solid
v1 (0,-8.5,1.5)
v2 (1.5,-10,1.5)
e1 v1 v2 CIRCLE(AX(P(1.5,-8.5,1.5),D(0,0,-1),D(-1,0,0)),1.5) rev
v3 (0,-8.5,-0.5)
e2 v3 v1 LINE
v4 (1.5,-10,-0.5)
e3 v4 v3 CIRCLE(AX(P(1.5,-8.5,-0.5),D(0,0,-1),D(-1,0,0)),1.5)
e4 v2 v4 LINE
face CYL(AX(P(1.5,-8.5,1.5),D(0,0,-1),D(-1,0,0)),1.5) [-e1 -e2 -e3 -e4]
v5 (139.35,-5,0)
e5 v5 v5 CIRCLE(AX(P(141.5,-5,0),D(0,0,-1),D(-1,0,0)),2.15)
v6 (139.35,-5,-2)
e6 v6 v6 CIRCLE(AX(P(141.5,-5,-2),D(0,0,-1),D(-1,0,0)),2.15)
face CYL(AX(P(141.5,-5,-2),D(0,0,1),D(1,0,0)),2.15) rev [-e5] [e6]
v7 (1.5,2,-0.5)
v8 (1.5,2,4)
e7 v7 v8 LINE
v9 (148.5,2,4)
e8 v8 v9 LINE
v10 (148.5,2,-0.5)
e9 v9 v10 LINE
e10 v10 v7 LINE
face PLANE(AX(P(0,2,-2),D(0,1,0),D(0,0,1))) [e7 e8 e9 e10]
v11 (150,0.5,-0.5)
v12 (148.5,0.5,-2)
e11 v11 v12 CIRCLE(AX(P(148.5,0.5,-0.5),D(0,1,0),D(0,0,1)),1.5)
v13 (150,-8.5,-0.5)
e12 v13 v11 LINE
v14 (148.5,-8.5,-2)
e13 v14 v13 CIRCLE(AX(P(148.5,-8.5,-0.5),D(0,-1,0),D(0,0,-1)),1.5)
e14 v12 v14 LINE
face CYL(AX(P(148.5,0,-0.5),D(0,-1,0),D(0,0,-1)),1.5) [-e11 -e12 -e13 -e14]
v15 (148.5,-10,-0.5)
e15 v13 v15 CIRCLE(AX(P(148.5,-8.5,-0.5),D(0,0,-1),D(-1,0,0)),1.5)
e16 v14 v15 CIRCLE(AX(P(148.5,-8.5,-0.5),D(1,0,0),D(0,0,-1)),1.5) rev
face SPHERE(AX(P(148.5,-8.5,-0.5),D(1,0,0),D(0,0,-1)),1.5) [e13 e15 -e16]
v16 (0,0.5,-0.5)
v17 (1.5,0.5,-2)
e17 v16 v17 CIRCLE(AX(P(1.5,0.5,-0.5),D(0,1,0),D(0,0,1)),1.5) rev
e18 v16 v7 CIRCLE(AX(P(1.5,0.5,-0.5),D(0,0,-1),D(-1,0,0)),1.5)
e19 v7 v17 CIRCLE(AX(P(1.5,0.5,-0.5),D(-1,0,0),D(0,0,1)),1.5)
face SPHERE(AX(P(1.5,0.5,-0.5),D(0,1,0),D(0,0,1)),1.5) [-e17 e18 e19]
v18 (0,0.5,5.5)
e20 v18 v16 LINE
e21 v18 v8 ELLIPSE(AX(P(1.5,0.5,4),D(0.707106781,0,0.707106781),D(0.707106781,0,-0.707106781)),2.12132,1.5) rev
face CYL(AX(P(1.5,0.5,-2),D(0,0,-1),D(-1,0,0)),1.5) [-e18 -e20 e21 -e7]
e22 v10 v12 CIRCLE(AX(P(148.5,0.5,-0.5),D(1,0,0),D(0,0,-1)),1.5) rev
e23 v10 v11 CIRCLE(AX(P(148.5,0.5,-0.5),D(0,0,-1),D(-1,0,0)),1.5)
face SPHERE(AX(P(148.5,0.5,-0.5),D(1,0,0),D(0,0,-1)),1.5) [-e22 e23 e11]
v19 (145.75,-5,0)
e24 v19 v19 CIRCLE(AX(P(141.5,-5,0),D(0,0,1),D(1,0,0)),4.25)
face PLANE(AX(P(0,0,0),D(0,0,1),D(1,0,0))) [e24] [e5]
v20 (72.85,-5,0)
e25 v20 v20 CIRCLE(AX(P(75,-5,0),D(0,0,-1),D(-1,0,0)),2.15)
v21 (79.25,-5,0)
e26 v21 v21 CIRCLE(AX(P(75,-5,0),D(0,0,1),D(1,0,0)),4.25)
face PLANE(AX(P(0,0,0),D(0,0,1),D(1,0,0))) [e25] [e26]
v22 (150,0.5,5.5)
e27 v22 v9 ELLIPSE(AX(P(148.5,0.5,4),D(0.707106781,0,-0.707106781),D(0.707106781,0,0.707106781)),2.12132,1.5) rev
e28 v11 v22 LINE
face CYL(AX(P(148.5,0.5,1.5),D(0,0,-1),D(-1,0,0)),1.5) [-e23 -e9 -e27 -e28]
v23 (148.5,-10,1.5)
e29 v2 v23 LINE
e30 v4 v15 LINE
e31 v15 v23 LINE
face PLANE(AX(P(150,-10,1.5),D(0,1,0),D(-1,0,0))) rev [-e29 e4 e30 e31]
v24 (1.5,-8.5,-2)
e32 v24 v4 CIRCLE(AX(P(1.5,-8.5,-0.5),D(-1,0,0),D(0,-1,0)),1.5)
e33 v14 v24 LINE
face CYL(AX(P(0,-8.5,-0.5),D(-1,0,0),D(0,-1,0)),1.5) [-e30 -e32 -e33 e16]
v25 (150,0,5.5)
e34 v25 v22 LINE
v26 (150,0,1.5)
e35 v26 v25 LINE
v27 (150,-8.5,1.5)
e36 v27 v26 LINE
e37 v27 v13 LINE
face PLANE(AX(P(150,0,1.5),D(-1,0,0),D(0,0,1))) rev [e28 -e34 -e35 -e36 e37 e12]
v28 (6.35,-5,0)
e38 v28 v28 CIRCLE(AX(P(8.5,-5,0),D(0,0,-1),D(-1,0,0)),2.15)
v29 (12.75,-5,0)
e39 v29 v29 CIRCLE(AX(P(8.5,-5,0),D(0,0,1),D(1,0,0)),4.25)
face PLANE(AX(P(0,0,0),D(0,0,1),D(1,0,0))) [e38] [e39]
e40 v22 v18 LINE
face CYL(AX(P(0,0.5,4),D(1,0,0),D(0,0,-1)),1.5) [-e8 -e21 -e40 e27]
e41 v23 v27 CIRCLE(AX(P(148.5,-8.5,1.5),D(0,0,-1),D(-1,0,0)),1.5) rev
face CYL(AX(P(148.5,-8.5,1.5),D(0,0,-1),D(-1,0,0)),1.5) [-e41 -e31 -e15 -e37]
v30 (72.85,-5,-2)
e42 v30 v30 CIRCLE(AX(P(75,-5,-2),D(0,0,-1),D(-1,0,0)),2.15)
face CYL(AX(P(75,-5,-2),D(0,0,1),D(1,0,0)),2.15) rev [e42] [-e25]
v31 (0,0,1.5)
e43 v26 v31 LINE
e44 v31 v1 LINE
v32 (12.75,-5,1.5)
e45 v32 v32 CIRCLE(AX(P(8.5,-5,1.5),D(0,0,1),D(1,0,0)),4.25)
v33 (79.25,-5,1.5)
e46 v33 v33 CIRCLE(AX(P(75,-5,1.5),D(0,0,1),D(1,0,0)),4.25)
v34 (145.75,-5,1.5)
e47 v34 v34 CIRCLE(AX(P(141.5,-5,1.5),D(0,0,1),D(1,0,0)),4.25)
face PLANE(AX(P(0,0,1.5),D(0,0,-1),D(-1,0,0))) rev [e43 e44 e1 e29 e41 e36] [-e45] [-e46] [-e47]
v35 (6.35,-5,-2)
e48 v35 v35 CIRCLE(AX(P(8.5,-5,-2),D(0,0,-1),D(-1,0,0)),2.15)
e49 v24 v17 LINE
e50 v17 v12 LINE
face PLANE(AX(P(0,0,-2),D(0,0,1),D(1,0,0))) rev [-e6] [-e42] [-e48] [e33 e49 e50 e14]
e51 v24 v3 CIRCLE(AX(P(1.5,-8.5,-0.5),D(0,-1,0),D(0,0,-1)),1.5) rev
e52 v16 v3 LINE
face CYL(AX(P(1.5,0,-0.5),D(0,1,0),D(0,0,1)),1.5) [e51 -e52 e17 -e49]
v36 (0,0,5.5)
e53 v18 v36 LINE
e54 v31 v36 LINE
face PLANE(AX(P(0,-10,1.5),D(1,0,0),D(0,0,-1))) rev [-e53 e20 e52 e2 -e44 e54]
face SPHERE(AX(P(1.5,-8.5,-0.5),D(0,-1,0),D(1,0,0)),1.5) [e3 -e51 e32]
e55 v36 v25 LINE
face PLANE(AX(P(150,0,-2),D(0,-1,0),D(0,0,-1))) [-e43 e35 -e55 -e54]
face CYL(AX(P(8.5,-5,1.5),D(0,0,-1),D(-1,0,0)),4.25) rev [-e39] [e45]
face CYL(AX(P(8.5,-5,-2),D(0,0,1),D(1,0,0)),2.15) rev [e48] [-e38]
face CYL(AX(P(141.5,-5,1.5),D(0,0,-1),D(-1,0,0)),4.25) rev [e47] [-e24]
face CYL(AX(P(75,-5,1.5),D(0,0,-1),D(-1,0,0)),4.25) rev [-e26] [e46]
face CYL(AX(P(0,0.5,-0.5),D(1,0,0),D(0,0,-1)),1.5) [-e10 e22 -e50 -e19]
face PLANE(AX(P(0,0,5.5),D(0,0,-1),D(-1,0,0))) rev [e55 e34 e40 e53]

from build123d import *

# Parameters (mm, degrees)
SKETCH1_W                = 150
SKETCH1_H                = 10
SKETCH1_R                = 4.25
BOSS_EXTRUDE1_DEPTH      = 1.5
SKETCH2_W                = 150
SKETCH2_H                = 10
SKETCH2_R                = 2.15
BOSS_EXTRUDE2_DEPTH      = 2
BOSS_EXTRUDE3_DEPTH      = 4
BOSS_EXTRUDE3_DEPTH_BACK = 3.5
SKETCH3_W                = 150
SKETCH3_H                = 2
FILLET1_R                = 1.5


with BuildPart() as part:
    # Sketch1 → Boss-Extrude1 (new body)
    with BuildSketch(Plane.XY):
        with Locations((75, -5)):
            Rectangle(SKETCH1_W, SKETCH1_H)
        with Locations((75, -5)):
            Circle(SKETCH1_R, mode=Mode.SUBTRACT)
        with Locations((141.5, -5)):
            Circle(SKETCH1_R, mode=Mode.SUBTRACT)
        with Locations((8.5, -5)):
            Circle(SKETCH1_R, mode=Mode.SUBTRACT)
    extrude(amount=BOSS_EXTRUDE1_DEPTH)

    # Sketch2 → Boss-Extrude2 (add)
    with BuildSketch(Plane(origin=(0, 0, 0), x_dir=(-1, 0, 0), z_dir=(0, 0, -1))):
        with Locations((-75, -5)):
            Rectangle(SKETCH2_W, SKETCH2_H)
        with Locations((-8.5, -5)):
            Circle(SKETCH2_R, mode=Mode.SUBTRACT)
        with Locations((-75, -5)):
            Circle(SKETCH2_R, mode=Mode.SUBTRACT)
        with Locations((-141.5, -5)):
            Circle(SKETCH2_R, mode=Mode.SUBTRACT)
    extrude(amount=BOSS_EXTRUDE2_DEPTH)

    # Sketch3 → Boss-Extrude3 (add, two sides: drawn at the far end of the back side and taken through both)
    with BuildSketch(Plane.XY.offset(1.5).offset(-BOSS_EXTRUDE3_DEPTH_BACK)):
        with Locations((75, 1)):
            Rectangle(SKETCH3_W, SKETCH3_H)
    extrude(amount=BOSS_EXTRUDE3_DEPTH + BOSS_EXTRUDE3_DEPTH_BACK)

    # Fillet1
    fillet1_edges = [part.edges().sort_by_distance(p)[0] for p in [
        (150, -4, -2),
        (75, -10, -2),
        (0, -4, -2),
        (0, 2, 1.75),
        (75, 2, -2),
        (150, 2, 1.75),
        (75, 2, 5.5),
        (150, -10, -0.25),
        (0, -10, -0.25),
    ]]
    fillet(fillet1_edges, radius=FILLET1_R)


solid = part.part
